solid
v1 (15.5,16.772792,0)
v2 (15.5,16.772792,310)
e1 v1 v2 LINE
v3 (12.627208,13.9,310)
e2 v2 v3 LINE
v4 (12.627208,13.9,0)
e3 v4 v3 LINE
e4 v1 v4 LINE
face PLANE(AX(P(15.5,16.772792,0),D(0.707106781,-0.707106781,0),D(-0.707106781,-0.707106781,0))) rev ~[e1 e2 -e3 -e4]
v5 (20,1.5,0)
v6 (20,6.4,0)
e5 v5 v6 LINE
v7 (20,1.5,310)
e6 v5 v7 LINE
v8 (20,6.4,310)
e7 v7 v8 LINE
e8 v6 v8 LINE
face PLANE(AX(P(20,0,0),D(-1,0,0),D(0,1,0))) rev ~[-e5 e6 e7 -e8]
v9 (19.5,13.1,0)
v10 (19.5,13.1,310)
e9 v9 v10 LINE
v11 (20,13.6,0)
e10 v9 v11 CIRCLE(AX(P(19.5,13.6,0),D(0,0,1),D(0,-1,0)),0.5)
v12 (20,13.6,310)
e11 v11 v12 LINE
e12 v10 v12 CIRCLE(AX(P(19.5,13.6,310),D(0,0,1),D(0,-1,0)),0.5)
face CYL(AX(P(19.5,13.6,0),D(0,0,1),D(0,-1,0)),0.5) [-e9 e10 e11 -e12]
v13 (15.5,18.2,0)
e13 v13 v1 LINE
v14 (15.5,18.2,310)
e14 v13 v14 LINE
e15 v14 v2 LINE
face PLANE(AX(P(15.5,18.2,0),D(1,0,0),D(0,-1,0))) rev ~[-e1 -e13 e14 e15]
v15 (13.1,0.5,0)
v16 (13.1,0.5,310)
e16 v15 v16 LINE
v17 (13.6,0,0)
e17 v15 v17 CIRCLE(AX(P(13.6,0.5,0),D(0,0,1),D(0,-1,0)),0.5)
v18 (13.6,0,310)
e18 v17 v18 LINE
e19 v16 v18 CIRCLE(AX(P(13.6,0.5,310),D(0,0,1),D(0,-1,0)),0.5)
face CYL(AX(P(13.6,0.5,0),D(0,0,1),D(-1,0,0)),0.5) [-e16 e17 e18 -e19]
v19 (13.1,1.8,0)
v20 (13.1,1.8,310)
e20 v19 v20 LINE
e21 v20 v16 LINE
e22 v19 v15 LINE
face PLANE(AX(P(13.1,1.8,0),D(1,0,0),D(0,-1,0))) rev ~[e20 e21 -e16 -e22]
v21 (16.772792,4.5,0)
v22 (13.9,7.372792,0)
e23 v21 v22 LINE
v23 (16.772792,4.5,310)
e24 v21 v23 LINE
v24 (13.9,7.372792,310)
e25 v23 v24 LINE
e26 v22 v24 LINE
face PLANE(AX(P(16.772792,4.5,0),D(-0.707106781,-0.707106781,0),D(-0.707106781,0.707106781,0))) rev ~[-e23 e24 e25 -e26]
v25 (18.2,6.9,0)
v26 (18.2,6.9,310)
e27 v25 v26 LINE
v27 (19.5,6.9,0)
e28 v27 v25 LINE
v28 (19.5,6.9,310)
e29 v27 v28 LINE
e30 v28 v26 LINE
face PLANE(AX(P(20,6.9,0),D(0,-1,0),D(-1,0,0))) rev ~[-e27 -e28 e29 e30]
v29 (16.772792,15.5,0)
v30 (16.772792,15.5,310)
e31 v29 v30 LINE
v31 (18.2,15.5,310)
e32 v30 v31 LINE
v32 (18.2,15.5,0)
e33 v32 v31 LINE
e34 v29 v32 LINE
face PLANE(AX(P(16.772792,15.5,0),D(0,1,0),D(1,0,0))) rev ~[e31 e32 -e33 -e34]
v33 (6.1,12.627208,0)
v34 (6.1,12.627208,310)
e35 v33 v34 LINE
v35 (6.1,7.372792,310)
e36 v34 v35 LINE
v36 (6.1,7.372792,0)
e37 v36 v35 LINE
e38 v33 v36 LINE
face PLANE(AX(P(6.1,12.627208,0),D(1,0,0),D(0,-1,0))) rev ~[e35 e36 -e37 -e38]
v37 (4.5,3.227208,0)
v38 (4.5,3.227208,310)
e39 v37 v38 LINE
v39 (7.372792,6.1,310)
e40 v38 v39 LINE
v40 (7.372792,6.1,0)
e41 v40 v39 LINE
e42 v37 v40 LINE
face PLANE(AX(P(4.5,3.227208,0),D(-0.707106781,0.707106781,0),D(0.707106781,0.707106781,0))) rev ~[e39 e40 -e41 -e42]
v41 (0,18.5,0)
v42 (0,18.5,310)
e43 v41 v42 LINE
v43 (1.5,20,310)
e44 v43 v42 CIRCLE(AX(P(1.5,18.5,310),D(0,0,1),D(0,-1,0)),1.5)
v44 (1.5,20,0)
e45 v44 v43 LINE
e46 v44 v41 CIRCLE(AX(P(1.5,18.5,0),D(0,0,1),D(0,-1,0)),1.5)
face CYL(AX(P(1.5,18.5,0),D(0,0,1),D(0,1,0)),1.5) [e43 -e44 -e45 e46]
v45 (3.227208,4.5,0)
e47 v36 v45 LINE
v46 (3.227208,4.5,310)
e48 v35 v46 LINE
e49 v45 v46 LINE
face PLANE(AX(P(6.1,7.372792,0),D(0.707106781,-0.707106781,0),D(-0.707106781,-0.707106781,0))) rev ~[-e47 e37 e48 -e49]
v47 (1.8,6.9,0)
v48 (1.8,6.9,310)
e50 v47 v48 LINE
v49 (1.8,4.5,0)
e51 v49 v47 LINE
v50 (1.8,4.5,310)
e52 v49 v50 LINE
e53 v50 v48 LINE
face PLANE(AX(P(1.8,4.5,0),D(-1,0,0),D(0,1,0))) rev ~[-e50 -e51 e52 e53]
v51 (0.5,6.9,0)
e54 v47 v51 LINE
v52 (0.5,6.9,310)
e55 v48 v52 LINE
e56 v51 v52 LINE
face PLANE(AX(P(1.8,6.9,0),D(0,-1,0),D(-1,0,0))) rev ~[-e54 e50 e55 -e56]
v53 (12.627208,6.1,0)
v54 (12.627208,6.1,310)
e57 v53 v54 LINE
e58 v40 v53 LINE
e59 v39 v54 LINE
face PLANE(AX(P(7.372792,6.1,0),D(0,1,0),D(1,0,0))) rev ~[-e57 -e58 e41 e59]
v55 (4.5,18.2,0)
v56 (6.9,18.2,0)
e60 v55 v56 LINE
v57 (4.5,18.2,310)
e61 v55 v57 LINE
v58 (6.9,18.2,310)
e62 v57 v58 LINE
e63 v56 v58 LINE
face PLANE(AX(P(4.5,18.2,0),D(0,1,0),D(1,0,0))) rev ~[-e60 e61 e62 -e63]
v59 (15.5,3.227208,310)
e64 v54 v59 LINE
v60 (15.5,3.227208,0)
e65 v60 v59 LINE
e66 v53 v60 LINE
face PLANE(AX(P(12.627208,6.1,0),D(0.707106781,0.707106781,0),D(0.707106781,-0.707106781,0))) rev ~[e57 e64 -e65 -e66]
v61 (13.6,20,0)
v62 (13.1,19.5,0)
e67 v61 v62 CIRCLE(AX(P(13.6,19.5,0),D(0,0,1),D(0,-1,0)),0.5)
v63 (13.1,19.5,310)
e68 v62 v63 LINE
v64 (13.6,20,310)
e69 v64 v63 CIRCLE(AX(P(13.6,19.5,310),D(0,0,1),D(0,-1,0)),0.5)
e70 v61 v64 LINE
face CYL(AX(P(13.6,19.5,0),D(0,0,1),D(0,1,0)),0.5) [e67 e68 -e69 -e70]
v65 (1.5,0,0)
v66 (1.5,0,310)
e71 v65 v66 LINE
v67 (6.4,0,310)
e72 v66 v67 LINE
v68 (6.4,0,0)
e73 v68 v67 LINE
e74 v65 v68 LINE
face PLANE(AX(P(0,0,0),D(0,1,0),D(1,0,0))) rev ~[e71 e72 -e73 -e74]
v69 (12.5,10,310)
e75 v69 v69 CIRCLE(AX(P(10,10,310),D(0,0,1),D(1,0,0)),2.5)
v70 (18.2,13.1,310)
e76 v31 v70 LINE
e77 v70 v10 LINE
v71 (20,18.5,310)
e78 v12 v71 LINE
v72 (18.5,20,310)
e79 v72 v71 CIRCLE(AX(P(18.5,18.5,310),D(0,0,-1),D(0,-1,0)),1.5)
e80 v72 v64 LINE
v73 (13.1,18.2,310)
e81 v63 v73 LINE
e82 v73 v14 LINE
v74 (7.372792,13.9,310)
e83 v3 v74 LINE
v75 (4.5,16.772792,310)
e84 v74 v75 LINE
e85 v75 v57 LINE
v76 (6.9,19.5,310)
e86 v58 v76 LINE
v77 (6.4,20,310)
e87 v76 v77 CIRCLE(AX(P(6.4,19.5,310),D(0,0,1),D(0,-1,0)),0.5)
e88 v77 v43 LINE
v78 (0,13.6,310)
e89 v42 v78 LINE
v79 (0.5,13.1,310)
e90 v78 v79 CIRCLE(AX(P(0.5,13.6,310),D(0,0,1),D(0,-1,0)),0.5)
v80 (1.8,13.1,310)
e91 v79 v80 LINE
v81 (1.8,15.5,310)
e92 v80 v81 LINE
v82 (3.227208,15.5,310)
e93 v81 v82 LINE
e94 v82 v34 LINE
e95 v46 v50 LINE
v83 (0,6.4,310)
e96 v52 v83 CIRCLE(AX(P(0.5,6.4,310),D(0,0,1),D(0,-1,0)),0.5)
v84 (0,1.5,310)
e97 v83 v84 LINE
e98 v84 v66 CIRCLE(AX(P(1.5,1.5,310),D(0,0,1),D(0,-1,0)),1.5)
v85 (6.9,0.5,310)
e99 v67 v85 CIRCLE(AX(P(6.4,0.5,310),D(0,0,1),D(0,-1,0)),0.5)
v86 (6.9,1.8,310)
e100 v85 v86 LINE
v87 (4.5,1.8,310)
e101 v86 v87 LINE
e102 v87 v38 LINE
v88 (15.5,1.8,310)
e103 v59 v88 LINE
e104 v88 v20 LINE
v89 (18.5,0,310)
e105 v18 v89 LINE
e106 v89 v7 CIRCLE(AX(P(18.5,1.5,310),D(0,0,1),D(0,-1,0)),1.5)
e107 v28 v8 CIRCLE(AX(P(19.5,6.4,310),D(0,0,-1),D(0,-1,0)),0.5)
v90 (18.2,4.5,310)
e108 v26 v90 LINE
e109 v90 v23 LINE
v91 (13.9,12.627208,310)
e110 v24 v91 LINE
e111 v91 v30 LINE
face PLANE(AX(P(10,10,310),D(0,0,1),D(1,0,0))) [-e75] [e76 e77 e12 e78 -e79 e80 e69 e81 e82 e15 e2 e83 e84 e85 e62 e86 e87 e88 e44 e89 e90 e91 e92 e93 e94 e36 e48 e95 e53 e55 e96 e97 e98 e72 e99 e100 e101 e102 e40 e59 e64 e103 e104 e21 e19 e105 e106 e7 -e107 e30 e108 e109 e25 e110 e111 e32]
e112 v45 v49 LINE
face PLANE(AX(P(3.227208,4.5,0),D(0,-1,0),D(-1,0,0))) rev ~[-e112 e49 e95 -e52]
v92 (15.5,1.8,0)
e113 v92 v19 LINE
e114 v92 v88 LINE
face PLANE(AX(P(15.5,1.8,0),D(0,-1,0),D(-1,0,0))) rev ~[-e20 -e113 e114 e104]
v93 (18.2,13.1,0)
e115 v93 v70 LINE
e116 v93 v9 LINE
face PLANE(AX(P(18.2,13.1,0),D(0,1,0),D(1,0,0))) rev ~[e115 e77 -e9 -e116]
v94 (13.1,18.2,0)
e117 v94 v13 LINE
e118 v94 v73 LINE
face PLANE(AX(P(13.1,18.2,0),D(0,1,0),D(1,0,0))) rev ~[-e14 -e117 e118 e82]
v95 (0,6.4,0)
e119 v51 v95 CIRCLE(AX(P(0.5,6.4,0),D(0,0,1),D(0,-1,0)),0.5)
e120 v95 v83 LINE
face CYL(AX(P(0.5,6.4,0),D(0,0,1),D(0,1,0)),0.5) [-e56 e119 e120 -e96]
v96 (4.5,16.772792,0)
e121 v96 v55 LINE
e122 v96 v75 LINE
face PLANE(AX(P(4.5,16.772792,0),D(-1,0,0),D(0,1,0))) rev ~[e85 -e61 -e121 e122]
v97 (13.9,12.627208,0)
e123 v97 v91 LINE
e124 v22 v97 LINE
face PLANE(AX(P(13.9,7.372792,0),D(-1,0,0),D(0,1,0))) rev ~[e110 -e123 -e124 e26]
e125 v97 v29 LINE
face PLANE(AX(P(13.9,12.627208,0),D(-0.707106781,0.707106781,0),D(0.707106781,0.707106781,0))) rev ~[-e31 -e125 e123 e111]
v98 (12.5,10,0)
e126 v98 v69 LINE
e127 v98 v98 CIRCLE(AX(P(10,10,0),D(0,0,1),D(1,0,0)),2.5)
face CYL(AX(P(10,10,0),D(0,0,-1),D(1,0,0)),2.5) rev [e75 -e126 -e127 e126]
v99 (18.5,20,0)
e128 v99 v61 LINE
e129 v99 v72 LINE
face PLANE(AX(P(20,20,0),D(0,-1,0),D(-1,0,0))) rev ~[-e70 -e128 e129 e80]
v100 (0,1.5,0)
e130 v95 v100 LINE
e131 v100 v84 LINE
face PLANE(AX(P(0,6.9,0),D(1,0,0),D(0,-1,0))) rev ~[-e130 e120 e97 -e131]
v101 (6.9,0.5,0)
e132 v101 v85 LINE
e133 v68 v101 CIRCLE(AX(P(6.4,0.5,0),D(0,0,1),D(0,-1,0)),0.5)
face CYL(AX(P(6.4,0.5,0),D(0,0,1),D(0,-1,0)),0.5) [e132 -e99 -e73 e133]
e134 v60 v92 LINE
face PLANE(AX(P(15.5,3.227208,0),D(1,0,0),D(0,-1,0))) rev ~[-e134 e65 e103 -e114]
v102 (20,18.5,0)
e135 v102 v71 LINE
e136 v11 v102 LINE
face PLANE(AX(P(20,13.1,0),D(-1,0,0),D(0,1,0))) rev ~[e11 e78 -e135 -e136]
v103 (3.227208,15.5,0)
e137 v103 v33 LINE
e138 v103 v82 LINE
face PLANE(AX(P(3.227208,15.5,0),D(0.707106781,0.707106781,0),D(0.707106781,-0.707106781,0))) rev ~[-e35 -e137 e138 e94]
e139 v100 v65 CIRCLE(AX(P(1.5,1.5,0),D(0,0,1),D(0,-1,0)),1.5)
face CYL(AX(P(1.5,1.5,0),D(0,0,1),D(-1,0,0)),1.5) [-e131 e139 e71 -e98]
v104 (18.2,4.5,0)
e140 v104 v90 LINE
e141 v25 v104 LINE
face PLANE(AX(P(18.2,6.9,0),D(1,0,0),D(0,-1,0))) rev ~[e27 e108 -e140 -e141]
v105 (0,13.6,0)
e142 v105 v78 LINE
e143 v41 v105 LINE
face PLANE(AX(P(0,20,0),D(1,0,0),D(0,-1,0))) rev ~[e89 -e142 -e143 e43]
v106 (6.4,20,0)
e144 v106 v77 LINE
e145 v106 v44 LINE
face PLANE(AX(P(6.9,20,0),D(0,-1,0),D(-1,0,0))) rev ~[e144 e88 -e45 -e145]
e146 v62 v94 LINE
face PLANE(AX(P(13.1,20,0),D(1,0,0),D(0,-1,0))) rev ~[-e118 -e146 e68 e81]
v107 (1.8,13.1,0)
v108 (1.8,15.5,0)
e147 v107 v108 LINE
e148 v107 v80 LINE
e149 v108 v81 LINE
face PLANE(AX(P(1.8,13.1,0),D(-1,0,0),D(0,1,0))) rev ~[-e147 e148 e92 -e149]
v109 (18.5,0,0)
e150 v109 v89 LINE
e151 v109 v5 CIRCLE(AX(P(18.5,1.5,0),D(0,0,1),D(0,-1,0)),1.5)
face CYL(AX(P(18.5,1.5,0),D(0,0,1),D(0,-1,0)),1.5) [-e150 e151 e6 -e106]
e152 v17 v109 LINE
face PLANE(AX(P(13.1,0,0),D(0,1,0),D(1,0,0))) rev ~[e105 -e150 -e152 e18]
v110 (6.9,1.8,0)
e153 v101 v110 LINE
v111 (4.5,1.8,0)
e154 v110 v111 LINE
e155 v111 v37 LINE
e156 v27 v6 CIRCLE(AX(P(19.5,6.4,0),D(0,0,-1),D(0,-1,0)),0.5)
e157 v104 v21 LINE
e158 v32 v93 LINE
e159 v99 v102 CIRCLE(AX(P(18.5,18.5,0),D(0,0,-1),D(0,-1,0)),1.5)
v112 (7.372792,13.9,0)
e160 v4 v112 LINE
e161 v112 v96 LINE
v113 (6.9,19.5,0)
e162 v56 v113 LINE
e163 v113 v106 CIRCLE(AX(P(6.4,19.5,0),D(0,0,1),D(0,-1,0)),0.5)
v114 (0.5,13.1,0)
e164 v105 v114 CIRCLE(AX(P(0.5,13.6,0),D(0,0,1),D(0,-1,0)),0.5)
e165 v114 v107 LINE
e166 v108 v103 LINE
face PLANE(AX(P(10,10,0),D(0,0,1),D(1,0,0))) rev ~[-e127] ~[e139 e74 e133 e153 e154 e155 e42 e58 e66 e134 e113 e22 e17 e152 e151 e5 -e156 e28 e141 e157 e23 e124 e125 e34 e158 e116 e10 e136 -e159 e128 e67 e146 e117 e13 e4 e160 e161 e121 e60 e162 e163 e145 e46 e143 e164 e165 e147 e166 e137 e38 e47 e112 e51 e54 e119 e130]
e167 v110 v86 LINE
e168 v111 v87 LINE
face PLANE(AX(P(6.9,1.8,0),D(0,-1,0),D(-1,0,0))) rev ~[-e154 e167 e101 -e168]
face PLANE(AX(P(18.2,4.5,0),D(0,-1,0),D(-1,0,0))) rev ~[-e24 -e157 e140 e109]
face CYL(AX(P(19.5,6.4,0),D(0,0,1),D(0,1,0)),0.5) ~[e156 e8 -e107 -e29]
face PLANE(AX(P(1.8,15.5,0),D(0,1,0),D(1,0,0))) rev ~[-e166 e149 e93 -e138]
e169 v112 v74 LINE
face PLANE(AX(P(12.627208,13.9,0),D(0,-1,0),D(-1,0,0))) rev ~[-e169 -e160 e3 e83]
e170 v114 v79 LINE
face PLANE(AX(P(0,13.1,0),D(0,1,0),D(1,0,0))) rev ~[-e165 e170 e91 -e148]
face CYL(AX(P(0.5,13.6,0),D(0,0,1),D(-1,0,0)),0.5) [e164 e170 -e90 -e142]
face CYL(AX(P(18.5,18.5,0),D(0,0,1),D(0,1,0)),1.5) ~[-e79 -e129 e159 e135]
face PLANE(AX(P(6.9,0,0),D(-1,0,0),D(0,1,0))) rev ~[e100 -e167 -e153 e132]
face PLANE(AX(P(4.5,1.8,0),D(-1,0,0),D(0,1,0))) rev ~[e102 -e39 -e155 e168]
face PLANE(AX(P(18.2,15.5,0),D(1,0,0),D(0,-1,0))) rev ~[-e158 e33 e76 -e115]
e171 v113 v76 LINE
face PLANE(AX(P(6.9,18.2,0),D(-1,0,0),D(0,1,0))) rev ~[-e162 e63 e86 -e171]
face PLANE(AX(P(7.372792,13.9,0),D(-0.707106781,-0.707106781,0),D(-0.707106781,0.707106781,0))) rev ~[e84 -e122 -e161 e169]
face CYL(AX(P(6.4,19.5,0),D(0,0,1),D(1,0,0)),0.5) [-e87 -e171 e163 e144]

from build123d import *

# Parameters (mm, degrees)
SKETCH_1_R      = 2.5
EXTRUDE_1_DEPTH = 310
FILLET_1_R      = 1.5
FILLET_2_R      = 1.5
FILLET_3_R      = 1.5
FILLET_4_R      = 1.5
FILLET_5_R      = 0.5
FILLET_6_R      = 0.5
FILLET_7_R      = 0.5
FILLET_8_R      = 0.5
FILLET_9_R      = 0.5
FILLET_10_R     = 0.5
FILLET_11_R     = 0.5
FILLET_12_R     = 0.5


with BuildPart() as part:
    # 草图1 → 凸台-拉伸1 (new body)
    with BuildSketch(Plane.XY):
        Polygon((0, 6.9), (0, 0), (6.9, 0), (6.9, 1.8), (4.5, 1.8), (4.5, 3.227207794), (7.372792206, 6.1), (12.627207794, 6.1), (15.5, 3.227207794), (15.5, 1.8), (13.1, 1.8), (13.1, 0), (20, 0), (20, 6.9), (18.2, 6.9), (18.2, 4.5), (16.772792206, 4.5), (13.9, 7.372792206), (13.9, 12.627207794), (16.772792206, 15.5), (18.2, 15.5), (18.2, 13.1), (20, 13.1), (20, 20), (13.1, 20), (13.1, 18.2), (15.5, 18.2), (15.5, 16.772792206), (12.627207794, 13.9), (7.372792206, 13.9), (4.5, 16.772792206), (4.5, 18.2), (6.9, 18.2), (6.9, 20), (0, 20), (0, 13.1), (1.8, 13.1), (1.8, 15.5), (3.227207794, 15.5), (6.1, 12.627207794), (6.1, 7.372792206), (3.227207794, 4.5), (1.8, 4.5), (1.8, 6.9), align=None)
        with Locations((10, 10)):
            Circle(SKETCH_1_R, mode=Mode.SUBTRACT)
    extrude(amount=EXTRUDE_1_DEPTH)

    # 圆角1
    fillet_1_edges = [part.edges().sort_by_distance(p)[0] for p in [
        (20, 20, 155),
    ]]
    fillet(fillet_1_edges, radius=FILLET_1_R)

    # 圆角2
    fillet_2_edges = [part.edges().sort_by_distance(p)[0] for p in [
        (0, 20, 155),
    ]]
    fillet(fillet_2_edges, radius=FILLET_2_R)

    # 圆角3
    fillet_3_edges = [part.edges().sort_by_distance(p)[0] for p in [
        (0, 0, 155),
    ]]
    fillet(fillet_3_edges, radius=FILLET_3_R)

    # 圆角4
    fillet_4_edges = [part.edges().sort_by_distance(p)[0] for p in [
        (20, 0, 155),
    ]]
    fillet(fillet_4_edges, radius=FILLET_4_R)

    # 圆角5
    fillet_5_edges = [part.edges().sort_by_distance(p)[0] for p in [
        (13.1, 20, 155),
    ]]
    fillet(fillet_5_edges, radius=FILLET_5_R)

    # 圆角6
    fillet_6_edges = [part.edges().sort_by_distance(p)[0] for p in [
        (6.9, 20, 155),
    ]]
    fillet(fillet_6_edges, radius=FILLET_6_R)

    # 圆角7
    fillet_7_edges = [part.edges().sort_by_distance(p)[0] for p in [
        (0, 13.1, 155),
    ]]
    fillet(fillet_7_edges, radius=FILLET_7_R)

    # 圆角8
    fillet_8_edges = [part.edges().sort_by_distance(p)[0] for p in [
        (0, 6.9, 155),
    ]]
    fillet(fillet_8_edges, radius=FILLET_8_R)

    # 圆角9
    fillet_9_edges = [part.edges().sort_by_distance(p)[0] for p in [
        (6.9, 0, 155),
    ]]
    fillet(fillet_9_edges, radius=FILLET_9_R)

    # 圆角10
    fillet_10_edges = [part.edges().sort_by_distance(p)[0] for p in [
        (13.1, 0, 155),
    ]]
    fillet(fillet_10_edges, radius=FILLET_10_R)

    # 圆角11
    fillet_11_edges = [part.edges().sort_by_distance(p)[0] for p in [
        (20, 13.1, 155),
    ]]
    fillet(fillet_11_edges, radius=FILLET_11_R)

    # 圆角12
    fillet_12_edges = [part.edges().sort_by_distance(p)[0] for p in [
        (20, 6.9, 155),
    ]]
    fillet(fillet_12_edges, radius=FILLET_12_R)


solid = part.part
